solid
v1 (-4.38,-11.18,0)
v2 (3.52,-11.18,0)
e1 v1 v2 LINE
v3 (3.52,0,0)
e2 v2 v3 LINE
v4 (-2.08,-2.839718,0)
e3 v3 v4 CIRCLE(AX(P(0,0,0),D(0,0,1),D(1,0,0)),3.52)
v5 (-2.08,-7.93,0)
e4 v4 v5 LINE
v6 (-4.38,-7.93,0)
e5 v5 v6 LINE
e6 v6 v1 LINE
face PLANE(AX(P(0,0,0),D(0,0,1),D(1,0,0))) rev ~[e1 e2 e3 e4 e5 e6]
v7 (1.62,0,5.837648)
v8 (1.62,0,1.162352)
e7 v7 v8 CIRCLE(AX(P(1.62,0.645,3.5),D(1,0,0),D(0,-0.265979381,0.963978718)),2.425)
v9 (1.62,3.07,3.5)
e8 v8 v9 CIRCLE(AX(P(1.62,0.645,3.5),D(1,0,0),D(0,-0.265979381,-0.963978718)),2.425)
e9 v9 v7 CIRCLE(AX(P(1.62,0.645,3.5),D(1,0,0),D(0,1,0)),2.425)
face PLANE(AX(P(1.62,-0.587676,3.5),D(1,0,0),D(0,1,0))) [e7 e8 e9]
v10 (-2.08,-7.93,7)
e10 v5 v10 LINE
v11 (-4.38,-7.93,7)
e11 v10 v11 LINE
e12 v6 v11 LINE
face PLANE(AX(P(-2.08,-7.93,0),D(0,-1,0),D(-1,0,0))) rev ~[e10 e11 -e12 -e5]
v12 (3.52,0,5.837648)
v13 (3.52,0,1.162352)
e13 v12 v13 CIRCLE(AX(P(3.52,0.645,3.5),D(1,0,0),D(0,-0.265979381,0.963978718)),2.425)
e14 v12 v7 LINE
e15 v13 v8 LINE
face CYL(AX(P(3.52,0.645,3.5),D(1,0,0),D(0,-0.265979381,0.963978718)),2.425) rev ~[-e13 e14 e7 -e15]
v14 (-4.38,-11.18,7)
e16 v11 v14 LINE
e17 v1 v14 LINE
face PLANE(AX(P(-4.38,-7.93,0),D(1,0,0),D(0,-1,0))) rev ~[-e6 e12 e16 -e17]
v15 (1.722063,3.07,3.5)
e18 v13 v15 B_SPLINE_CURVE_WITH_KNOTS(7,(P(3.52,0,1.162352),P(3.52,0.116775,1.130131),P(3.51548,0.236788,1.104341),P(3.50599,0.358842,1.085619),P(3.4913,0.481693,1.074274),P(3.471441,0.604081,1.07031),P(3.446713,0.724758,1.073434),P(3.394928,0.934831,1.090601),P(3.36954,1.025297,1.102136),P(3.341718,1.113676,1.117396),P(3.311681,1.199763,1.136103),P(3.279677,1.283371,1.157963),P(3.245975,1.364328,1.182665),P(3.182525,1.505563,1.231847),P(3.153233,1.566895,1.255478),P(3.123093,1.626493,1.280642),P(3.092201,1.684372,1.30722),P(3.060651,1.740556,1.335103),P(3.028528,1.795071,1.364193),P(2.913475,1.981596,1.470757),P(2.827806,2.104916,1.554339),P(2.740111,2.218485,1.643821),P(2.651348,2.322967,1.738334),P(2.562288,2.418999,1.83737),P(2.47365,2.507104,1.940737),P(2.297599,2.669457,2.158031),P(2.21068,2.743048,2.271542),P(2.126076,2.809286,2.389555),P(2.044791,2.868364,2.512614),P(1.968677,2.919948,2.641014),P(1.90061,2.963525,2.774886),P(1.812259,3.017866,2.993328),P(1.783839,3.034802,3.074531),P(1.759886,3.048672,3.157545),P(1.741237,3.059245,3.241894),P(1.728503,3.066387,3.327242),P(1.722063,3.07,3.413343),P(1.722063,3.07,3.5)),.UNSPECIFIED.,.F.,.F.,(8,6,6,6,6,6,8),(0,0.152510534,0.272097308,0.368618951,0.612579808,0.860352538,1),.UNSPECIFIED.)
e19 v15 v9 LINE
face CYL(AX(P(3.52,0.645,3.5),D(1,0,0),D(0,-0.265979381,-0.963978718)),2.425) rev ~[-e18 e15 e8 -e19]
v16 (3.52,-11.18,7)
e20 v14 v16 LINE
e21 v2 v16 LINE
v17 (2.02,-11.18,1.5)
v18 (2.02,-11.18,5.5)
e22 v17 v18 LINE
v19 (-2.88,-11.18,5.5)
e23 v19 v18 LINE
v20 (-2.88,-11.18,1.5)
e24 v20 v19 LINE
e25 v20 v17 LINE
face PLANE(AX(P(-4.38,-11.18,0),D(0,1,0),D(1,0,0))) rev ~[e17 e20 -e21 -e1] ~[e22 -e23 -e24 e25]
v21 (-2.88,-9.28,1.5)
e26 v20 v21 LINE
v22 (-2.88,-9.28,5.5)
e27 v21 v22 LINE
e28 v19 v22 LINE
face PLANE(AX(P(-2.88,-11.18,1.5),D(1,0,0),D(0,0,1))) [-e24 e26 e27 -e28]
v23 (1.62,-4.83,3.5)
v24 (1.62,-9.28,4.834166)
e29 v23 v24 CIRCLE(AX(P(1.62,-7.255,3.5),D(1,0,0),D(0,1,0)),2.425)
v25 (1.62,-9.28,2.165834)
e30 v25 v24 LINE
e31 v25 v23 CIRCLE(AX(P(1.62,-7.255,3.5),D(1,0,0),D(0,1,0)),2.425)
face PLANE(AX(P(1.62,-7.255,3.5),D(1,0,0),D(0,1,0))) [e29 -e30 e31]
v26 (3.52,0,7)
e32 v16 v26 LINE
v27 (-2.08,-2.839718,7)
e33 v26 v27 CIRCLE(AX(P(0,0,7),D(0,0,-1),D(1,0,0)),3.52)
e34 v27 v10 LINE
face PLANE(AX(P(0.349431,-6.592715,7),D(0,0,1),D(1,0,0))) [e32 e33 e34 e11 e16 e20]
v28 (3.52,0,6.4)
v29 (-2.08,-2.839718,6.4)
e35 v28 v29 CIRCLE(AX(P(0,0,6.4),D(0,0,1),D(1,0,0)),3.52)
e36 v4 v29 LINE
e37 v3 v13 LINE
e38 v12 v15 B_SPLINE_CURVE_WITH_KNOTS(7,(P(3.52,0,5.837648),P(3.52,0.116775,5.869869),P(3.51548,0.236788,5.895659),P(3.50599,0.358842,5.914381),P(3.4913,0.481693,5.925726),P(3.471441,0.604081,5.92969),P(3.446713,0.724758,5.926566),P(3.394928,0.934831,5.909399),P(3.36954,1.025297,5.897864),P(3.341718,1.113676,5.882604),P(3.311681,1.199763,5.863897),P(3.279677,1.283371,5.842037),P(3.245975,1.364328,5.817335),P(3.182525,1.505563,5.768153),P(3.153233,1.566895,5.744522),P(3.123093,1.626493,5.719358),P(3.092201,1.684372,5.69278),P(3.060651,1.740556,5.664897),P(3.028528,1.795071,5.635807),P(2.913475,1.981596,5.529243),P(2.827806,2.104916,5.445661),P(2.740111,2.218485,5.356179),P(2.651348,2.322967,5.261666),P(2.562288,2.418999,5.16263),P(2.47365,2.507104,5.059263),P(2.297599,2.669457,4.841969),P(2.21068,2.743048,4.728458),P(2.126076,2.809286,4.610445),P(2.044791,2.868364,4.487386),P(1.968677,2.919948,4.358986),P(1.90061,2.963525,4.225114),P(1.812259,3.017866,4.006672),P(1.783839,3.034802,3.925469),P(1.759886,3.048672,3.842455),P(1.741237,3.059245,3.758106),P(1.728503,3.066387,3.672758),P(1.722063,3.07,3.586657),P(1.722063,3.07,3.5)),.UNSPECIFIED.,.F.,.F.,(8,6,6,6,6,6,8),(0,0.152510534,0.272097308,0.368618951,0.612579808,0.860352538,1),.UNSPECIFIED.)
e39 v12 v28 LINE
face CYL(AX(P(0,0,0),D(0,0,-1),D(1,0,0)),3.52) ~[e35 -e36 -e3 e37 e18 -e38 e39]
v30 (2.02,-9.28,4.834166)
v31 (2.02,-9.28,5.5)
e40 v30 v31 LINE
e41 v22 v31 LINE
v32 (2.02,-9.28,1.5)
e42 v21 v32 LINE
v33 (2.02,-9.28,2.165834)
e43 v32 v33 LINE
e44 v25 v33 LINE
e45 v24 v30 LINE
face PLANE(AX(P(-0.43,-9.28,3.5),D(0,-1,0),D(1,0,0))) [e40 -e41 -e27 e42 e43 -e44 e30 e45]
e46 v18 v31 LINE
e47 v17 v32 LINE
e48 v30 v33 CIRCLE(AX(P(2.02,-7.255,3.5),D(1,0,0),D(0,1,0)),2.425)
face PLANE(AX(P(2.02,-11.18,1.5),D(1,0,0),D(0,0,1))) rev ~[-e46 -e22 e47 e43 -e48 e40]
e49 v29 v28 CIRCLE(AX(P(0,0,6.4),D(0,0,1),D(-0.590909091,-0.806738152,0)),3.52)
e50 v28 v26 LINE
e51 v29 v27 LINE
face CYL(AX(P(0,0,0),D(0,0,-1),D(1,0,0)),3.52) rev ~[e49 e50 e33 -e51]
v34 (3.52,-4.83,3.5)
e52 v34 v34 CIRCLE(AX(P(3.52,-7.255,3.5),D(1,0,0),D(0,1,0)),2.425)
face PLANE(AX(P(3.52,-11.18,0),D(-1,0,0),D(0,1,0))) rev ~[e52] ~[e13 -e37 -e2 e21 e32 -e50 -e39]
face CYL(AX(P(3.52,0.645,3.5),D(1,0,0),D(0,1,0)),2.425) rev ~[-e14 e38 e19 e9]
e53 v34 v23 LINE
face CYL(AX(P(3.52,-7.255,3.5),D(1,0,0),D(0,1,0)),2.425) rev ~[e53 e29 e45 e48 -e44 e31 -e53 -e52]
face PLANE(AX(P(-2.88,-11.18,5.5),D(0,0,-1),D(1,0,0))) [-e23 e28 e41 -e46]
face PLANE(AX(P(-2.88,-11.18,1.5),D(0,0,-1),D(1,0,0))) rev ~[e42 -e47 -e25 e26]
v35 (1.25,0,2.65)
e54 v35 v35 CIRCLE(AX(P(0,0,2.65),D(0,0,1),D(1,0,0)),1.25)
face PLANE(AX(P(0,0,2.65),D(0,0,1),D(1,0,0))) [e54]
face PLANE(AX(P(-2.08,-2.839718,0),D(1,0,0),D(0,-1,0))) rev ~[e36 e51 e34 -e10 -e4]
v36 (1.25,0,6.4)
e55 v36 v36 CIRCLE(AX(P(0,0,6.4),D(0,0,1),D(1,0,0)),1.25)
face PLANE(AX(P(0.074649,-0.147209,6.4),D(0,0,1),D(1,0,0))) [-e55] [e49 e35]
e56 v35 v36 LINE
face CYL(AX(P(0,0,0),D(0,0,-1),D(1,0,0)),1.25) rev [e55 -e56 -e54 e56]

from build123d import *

# Parameters (mm, degrees)
F1_DEPTH = 7
F0_R     = 1.25
F2_DEPTH = 6.4
F3_DEPTH = 2.65
F4_W     = 4.9
F4_H     = 4
F5_DEPTH = 1.9
F6_R     = 2.425
F7_DEPTH = 1.9


with BuildPart() as f1:
    # F0 (on Top) → F1 (new body)
    with BuildSketch(Plane.XY):
        with BuildLine():
            Line((3.52, -11.18), (3.52, 0))
            ThreePointArc((3.52, 0), (1.5919798994, -3.1394266993), (-2.08, -2.8397182959))
            Line((-2.08, -2.8397182959), (-2.08, -7.93))
            Line((-2.08, -7.93), (-4.38, -7.93))
            Line((-4.38, -7.93), (-4.38, -11.18))
            Line((-4.38, -11.18), (0, -11.18))
            Line((0, -11.18), (3.52, -11.18))
        make_face()
    extrude(amount=F1_DEPTH)

    # F0 (on Top) → F2 (join)
    with BuildSketch(Plane.XY):
        with BuildLine():
            ThreePointArc((-2.08, -2.8397182959), (1.5919798994, -3.1394266993), (3.52, 0))
            ThreePointArc((3.52, 0), (-1.5919798994, 3.1394266993), (-2.08, -2.8397182959))
        make_face()
        Circle(F0_R, mode=Mode.SUBTRACT)
    extrude(amount=F2_DEPTH)

    # F0 (on Top) → F3 (join)
    with BuildSketch(Plane.XY):
        Circle(F0_R)
    extrude(amount=F3_DEPTH)

    # F4 (on face) → F5 (cut)
    with BuildSketch(Plane.XZ.offset(11.18)):
        with Locations((-0.43, 3.5)):
            Rectangle(F4_W, F4_H)
    extrude(amount=-F5_DEPTH, mode=Mode.SUBTRACT)

    # F6 (on face) → F7 (cut)
    with BuildSketch(Plane.YZ.offset(3.52)):
        with Locations((-7.255, 3.5)):
            Circle(F6_R)
        with BuildLine():
            ThreePointArc((0, 5.837648391), (-1.78, 3.5), (0, 1.162351609))
            Line((0, 1.162351609), (0, 5.837648391))
        make_face()
        with BuildLine():
            Line((0, 5.837648391), (0, 1.162351609))
            ThreePointArc((0, 1.162351609), (2.1140983629, 1.570654256), (3.07, 3.5))
            ThreePointArc((3.07, 3.5), (2.1140983629, 5.429345744), (0, 5.837648391))
        make_face()
    extrude(amount=-F7_DEPTH, mode=Mode.SUBTRACT)


solid = f1.part
